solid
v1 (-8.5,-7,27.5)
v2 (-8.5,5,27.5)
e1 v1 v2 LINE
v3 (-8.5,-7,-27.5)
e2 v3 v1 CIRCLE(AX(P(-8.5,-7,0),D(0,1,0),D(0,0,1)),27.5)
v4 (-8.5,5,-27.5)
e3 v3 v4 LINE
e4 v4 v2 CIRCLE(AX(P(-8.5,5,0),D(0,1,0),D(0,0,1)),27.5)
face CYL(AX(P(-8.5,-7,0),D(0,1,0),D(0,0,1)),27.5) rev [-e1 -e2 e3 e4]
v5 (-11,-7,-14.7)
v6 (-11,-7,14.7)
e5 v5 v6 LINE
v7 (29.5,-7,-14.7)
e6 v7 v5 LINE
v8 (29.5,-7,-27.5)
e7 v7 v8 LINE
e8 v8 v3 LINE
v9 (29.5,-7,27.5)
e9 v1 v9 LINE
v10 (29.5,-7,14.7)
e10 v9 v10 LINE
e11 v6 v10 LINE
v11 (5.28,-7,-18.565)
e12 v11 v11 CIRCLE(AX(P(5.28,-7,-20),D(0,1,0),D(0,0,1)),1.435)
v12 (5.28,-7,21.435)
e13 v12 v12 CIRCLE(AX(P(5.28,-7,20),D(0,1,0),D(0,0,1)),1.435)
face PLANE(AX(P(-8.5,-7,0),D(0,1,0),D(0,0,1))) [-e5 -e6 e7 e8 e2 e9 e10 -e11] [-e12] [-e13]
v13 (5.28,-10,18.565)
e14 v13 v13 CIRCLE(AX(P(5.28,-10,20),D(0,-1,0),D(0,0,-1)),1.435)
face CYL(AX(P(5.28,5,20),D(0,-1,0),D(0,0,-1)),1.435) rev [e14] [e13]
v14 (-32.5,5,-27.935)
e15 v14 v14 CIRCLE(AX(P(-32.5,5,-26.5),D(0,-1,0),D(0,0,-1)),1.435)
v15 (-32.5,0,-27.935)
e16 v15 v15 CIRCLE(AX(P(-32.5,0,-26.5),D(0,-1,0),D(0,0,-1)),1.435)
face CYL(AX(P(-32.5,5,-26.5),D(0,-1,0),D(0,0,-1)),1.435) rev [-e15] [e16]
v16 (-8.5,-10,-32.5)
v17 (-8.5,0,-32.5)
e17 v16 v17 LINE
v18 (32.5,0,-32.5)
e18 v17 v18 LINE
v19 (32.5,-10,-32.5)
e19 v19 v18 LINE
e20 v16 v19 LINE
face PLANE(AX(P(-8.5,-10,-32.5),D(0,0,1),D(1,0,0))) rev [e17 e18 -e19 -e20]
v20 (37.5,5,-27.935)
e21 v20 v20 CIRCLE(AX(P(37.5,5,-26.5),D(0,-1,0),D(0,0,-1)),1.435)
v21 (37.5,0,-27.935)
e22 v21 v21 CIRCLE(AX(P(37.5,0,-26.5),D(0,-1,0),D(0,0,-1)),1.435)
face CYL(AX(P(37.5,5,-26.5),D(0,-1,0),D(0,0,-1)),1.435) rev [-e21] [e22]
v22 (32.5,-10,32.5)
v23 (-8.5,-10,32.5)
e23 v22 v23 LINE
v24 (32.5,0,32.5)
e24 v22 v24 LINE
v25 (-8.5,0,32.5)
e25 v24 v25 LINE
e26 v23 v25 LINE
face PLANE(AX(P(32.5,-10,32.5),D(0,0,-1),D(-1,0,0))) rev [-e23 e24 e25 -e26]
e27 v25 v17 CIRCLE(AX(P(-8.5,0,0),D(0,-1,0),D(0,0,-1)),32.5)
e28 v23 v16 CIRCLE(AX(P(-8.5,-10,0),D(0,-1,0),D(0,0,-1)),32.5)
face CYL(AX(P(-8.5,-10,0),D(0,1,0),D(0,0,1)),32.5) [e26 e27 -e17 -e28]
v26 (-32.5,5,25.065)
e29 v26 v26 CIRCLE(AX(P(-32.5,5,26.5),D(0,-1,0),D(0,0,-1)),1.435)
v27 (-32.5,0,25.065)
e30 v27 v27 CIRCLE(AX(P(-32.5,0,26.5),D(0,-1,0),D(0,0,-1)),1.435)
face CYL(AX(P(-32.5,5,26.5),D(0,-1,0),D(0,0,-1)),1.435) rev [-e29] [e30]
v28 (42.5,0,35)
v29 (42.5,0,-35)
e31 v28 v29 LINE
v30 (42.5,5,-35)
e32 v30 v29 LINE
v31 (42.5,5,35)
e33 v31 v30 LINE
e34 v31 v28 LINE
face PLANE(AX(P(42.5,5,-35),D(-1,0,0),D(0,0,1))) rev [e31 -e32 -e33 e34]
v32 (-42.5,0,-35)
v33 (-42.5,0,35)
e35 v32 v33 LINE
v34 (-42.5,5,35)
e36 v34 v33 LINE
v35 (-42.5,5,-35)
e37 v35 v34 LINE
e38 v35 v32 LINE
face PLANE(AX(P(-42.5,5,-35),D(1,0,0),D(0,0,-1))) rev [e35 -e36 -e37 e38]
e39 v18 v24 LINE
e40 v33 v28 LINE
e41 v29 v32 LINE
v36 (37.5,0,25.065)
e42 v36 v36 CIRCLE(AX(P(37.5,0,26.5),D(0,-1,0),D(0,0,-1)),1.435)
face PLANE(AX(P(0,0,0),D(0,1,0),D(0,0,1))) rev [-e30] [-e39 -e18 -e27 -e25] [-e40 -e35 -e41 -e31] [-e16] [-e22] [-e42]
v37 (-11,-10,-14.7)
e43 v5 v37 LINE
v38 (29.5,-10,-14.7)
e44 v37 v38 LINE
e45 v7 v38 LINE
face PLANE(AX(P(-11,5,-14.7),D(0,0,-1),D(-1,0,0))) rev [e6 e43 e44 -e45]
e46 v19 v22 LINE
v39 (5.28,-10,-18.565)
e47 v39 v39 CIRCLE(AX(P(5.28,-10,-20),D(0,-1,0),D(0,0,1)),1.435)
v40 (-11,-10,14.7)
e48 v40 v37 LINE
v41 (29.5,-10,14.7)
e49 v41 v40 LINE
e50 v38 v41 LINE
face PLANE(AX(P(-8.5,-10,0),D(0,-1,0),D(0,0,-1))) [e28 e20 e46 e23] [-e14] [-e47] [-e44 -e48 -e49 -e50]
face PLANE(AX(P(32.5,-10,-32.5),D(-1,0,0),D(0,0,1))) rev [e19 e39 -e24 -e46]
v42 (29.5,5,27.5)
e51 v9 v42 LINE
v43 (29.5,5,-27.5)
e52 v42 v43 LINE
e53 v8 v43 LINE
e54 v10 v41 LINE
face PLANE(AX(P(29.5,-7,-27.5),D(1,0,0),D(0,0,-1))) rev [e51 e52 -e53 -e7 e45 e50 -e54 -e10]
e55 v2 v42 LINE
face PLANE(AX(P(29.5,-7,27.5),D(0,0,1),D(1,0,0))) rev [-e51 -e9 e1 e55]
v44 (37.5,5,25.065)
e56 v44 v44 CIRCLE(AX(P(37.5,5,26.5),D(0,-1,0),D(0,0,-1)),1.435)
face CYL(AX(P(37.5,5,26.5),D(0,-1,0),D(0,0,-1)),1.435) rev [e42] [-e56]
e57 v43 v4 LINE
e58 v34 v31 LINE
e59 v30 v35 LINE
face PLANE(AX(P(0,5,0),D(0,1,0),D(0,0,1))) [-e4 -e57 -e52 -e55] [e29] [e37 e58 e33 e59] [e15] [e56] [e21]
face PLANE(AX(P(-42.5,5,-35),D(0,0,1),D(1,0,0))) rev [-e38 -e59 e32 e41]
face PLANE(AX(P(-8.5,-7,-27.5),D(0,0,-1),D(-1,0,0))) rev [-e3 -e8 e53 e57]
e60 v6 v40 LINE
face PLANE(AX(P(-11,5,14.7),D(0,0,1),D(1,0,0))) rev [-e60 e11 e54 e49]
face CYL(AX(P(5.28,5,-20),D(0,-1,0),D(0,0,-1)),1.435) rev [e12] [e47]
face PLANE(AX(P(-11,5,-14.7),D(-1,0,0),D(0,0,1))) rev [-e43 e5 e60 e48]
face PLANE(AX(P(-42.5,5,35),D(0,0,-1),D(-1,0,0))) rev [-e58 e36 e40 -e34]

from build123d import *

# Parameters (mm, degrees)
CROQUIS1_W              = 85
CROQUIS1_H              = 70
SALIENTE_EXTRUIR1_DEPTH = 5
SALIENTE_EXTRUIR2_DEPTH = 10
CORTAR_EXTRUIR1_DEPTH   = 12
CROQUIS6_W              = 40.5
CROQUIS6_H              = 29.4
CORTAR_EXTRUIR2_DEPTH   = 16
CROQUIS7_R              = 1.435
CORTAR_EXTRUIR3_DEPTH   = 16
CROQUIS8_R              = 1.435
CORTAR_EXTRUIR4_DEPTH   = 6


with BuildPart() as part:
    # Croquis1 → Saliente-Extruir1 (new body)
    with BuildSketch(Plane(origin=(0, 0, 0), x_dir=(1, 0, 0), z_dir=(0, 1, 0))):
        Rectangle(CROQUIS1_W, CROQUIS1_H)
    extrude(amount=SALIENTE_EXTRUIR1_DEPTH)

    # Croquis3 → Saliente-Extruir2 (add)
    with BuildSketch(Plane(origin=(0, 0, 0), x_dir=(-1, 0, 0), z_dir=(0, -1, 0))):
        with BuildLine():
            Line((8.5, 32.5), (-32.5, 32.5))
            Line((-32.5, 32.5), (-32.5, -32.5))
            Line((-32.5, -32.5), (8.5, -32.5))
            ThreePointArc((8.5, -32.5), (41, 0), (8.5, 32.5))
        make_face()
    extrude(amount=SALIENTE_EXTRUIR2_DEPTH)

    # Croquis4 → Cortar-Extruir1 (cut)
    with BuildSketch(Plane(origin=(0, 5, 0), x_dir=(1, 0, 0), z_dir=(0, 1, 0))):
        with BuildLine():
            Line((-8.5, 27.5), (29.5, 27.5))
            Line((29.5, 27.5), (29.5, -27.5))
            Line((29.5, -27.5), (-8.5, -27.5))
            ThreePointArc((-8.5, -27.5), (-36, 0), (-8.5, 27.5))
        make_face()
    extrude(amount=-CORTAR_EXTRUIR1_DEPTH, mode=Mode.SUBTRACT)

    # Croquis6 → Cortar-Extruir2 (cut, through all)
    with BuildSketch(Plane.XZ.offset(10)):
        with Locations((9.25, 0)):
            Rectangle(CROQUIS6_W, CROQUIS6_H)
    extrude(amount=-CORTAR_EXTRUIR2_DEPTH, mode=Mode.SUBTRACT)

    # Croquis7 → Cortar-Extruir3 (cut, through all)
    with BuildSketch(Plane(origin=(0, -10, 0), x_dir=(-1, 0, 0), z_dir=(0, -1, 0))):
        with Locations((-5.28, -20)):
            Circle(CROQUIS7_R)
        with Locations((-5.28, 20)):
            Circle(CROQUIS7_R)
    extrude(amount=-CORTAR_EXTRUIR3_DEPTH, mode=Mode.SUBTRACT)

    # Croquis8 → Cortar-Extruir4 (cut, through all)
    with BuildSketch(Plane(origin=(0, 0, 0), x_dir=(-1, 0, 0), z_dir=(0, -1, 0))):
        with Locations((32.5, -26.5)):
            Circle(CROQUIS8_R)
        with Locations((-37.5, -26.5)):
            Circle(CROQUIS8_R)
        with Locations((-37.5, 26.5)):
            Circle(CROQUIS8_R)
        with Locations((32.5, 26.5)):
            Circle(CROQUIS8_R)
    extrude(amount=-CORTAR_EXTRUIR4_DEPTH, mode=Mode.SUBTRACT)


solid = part.part
